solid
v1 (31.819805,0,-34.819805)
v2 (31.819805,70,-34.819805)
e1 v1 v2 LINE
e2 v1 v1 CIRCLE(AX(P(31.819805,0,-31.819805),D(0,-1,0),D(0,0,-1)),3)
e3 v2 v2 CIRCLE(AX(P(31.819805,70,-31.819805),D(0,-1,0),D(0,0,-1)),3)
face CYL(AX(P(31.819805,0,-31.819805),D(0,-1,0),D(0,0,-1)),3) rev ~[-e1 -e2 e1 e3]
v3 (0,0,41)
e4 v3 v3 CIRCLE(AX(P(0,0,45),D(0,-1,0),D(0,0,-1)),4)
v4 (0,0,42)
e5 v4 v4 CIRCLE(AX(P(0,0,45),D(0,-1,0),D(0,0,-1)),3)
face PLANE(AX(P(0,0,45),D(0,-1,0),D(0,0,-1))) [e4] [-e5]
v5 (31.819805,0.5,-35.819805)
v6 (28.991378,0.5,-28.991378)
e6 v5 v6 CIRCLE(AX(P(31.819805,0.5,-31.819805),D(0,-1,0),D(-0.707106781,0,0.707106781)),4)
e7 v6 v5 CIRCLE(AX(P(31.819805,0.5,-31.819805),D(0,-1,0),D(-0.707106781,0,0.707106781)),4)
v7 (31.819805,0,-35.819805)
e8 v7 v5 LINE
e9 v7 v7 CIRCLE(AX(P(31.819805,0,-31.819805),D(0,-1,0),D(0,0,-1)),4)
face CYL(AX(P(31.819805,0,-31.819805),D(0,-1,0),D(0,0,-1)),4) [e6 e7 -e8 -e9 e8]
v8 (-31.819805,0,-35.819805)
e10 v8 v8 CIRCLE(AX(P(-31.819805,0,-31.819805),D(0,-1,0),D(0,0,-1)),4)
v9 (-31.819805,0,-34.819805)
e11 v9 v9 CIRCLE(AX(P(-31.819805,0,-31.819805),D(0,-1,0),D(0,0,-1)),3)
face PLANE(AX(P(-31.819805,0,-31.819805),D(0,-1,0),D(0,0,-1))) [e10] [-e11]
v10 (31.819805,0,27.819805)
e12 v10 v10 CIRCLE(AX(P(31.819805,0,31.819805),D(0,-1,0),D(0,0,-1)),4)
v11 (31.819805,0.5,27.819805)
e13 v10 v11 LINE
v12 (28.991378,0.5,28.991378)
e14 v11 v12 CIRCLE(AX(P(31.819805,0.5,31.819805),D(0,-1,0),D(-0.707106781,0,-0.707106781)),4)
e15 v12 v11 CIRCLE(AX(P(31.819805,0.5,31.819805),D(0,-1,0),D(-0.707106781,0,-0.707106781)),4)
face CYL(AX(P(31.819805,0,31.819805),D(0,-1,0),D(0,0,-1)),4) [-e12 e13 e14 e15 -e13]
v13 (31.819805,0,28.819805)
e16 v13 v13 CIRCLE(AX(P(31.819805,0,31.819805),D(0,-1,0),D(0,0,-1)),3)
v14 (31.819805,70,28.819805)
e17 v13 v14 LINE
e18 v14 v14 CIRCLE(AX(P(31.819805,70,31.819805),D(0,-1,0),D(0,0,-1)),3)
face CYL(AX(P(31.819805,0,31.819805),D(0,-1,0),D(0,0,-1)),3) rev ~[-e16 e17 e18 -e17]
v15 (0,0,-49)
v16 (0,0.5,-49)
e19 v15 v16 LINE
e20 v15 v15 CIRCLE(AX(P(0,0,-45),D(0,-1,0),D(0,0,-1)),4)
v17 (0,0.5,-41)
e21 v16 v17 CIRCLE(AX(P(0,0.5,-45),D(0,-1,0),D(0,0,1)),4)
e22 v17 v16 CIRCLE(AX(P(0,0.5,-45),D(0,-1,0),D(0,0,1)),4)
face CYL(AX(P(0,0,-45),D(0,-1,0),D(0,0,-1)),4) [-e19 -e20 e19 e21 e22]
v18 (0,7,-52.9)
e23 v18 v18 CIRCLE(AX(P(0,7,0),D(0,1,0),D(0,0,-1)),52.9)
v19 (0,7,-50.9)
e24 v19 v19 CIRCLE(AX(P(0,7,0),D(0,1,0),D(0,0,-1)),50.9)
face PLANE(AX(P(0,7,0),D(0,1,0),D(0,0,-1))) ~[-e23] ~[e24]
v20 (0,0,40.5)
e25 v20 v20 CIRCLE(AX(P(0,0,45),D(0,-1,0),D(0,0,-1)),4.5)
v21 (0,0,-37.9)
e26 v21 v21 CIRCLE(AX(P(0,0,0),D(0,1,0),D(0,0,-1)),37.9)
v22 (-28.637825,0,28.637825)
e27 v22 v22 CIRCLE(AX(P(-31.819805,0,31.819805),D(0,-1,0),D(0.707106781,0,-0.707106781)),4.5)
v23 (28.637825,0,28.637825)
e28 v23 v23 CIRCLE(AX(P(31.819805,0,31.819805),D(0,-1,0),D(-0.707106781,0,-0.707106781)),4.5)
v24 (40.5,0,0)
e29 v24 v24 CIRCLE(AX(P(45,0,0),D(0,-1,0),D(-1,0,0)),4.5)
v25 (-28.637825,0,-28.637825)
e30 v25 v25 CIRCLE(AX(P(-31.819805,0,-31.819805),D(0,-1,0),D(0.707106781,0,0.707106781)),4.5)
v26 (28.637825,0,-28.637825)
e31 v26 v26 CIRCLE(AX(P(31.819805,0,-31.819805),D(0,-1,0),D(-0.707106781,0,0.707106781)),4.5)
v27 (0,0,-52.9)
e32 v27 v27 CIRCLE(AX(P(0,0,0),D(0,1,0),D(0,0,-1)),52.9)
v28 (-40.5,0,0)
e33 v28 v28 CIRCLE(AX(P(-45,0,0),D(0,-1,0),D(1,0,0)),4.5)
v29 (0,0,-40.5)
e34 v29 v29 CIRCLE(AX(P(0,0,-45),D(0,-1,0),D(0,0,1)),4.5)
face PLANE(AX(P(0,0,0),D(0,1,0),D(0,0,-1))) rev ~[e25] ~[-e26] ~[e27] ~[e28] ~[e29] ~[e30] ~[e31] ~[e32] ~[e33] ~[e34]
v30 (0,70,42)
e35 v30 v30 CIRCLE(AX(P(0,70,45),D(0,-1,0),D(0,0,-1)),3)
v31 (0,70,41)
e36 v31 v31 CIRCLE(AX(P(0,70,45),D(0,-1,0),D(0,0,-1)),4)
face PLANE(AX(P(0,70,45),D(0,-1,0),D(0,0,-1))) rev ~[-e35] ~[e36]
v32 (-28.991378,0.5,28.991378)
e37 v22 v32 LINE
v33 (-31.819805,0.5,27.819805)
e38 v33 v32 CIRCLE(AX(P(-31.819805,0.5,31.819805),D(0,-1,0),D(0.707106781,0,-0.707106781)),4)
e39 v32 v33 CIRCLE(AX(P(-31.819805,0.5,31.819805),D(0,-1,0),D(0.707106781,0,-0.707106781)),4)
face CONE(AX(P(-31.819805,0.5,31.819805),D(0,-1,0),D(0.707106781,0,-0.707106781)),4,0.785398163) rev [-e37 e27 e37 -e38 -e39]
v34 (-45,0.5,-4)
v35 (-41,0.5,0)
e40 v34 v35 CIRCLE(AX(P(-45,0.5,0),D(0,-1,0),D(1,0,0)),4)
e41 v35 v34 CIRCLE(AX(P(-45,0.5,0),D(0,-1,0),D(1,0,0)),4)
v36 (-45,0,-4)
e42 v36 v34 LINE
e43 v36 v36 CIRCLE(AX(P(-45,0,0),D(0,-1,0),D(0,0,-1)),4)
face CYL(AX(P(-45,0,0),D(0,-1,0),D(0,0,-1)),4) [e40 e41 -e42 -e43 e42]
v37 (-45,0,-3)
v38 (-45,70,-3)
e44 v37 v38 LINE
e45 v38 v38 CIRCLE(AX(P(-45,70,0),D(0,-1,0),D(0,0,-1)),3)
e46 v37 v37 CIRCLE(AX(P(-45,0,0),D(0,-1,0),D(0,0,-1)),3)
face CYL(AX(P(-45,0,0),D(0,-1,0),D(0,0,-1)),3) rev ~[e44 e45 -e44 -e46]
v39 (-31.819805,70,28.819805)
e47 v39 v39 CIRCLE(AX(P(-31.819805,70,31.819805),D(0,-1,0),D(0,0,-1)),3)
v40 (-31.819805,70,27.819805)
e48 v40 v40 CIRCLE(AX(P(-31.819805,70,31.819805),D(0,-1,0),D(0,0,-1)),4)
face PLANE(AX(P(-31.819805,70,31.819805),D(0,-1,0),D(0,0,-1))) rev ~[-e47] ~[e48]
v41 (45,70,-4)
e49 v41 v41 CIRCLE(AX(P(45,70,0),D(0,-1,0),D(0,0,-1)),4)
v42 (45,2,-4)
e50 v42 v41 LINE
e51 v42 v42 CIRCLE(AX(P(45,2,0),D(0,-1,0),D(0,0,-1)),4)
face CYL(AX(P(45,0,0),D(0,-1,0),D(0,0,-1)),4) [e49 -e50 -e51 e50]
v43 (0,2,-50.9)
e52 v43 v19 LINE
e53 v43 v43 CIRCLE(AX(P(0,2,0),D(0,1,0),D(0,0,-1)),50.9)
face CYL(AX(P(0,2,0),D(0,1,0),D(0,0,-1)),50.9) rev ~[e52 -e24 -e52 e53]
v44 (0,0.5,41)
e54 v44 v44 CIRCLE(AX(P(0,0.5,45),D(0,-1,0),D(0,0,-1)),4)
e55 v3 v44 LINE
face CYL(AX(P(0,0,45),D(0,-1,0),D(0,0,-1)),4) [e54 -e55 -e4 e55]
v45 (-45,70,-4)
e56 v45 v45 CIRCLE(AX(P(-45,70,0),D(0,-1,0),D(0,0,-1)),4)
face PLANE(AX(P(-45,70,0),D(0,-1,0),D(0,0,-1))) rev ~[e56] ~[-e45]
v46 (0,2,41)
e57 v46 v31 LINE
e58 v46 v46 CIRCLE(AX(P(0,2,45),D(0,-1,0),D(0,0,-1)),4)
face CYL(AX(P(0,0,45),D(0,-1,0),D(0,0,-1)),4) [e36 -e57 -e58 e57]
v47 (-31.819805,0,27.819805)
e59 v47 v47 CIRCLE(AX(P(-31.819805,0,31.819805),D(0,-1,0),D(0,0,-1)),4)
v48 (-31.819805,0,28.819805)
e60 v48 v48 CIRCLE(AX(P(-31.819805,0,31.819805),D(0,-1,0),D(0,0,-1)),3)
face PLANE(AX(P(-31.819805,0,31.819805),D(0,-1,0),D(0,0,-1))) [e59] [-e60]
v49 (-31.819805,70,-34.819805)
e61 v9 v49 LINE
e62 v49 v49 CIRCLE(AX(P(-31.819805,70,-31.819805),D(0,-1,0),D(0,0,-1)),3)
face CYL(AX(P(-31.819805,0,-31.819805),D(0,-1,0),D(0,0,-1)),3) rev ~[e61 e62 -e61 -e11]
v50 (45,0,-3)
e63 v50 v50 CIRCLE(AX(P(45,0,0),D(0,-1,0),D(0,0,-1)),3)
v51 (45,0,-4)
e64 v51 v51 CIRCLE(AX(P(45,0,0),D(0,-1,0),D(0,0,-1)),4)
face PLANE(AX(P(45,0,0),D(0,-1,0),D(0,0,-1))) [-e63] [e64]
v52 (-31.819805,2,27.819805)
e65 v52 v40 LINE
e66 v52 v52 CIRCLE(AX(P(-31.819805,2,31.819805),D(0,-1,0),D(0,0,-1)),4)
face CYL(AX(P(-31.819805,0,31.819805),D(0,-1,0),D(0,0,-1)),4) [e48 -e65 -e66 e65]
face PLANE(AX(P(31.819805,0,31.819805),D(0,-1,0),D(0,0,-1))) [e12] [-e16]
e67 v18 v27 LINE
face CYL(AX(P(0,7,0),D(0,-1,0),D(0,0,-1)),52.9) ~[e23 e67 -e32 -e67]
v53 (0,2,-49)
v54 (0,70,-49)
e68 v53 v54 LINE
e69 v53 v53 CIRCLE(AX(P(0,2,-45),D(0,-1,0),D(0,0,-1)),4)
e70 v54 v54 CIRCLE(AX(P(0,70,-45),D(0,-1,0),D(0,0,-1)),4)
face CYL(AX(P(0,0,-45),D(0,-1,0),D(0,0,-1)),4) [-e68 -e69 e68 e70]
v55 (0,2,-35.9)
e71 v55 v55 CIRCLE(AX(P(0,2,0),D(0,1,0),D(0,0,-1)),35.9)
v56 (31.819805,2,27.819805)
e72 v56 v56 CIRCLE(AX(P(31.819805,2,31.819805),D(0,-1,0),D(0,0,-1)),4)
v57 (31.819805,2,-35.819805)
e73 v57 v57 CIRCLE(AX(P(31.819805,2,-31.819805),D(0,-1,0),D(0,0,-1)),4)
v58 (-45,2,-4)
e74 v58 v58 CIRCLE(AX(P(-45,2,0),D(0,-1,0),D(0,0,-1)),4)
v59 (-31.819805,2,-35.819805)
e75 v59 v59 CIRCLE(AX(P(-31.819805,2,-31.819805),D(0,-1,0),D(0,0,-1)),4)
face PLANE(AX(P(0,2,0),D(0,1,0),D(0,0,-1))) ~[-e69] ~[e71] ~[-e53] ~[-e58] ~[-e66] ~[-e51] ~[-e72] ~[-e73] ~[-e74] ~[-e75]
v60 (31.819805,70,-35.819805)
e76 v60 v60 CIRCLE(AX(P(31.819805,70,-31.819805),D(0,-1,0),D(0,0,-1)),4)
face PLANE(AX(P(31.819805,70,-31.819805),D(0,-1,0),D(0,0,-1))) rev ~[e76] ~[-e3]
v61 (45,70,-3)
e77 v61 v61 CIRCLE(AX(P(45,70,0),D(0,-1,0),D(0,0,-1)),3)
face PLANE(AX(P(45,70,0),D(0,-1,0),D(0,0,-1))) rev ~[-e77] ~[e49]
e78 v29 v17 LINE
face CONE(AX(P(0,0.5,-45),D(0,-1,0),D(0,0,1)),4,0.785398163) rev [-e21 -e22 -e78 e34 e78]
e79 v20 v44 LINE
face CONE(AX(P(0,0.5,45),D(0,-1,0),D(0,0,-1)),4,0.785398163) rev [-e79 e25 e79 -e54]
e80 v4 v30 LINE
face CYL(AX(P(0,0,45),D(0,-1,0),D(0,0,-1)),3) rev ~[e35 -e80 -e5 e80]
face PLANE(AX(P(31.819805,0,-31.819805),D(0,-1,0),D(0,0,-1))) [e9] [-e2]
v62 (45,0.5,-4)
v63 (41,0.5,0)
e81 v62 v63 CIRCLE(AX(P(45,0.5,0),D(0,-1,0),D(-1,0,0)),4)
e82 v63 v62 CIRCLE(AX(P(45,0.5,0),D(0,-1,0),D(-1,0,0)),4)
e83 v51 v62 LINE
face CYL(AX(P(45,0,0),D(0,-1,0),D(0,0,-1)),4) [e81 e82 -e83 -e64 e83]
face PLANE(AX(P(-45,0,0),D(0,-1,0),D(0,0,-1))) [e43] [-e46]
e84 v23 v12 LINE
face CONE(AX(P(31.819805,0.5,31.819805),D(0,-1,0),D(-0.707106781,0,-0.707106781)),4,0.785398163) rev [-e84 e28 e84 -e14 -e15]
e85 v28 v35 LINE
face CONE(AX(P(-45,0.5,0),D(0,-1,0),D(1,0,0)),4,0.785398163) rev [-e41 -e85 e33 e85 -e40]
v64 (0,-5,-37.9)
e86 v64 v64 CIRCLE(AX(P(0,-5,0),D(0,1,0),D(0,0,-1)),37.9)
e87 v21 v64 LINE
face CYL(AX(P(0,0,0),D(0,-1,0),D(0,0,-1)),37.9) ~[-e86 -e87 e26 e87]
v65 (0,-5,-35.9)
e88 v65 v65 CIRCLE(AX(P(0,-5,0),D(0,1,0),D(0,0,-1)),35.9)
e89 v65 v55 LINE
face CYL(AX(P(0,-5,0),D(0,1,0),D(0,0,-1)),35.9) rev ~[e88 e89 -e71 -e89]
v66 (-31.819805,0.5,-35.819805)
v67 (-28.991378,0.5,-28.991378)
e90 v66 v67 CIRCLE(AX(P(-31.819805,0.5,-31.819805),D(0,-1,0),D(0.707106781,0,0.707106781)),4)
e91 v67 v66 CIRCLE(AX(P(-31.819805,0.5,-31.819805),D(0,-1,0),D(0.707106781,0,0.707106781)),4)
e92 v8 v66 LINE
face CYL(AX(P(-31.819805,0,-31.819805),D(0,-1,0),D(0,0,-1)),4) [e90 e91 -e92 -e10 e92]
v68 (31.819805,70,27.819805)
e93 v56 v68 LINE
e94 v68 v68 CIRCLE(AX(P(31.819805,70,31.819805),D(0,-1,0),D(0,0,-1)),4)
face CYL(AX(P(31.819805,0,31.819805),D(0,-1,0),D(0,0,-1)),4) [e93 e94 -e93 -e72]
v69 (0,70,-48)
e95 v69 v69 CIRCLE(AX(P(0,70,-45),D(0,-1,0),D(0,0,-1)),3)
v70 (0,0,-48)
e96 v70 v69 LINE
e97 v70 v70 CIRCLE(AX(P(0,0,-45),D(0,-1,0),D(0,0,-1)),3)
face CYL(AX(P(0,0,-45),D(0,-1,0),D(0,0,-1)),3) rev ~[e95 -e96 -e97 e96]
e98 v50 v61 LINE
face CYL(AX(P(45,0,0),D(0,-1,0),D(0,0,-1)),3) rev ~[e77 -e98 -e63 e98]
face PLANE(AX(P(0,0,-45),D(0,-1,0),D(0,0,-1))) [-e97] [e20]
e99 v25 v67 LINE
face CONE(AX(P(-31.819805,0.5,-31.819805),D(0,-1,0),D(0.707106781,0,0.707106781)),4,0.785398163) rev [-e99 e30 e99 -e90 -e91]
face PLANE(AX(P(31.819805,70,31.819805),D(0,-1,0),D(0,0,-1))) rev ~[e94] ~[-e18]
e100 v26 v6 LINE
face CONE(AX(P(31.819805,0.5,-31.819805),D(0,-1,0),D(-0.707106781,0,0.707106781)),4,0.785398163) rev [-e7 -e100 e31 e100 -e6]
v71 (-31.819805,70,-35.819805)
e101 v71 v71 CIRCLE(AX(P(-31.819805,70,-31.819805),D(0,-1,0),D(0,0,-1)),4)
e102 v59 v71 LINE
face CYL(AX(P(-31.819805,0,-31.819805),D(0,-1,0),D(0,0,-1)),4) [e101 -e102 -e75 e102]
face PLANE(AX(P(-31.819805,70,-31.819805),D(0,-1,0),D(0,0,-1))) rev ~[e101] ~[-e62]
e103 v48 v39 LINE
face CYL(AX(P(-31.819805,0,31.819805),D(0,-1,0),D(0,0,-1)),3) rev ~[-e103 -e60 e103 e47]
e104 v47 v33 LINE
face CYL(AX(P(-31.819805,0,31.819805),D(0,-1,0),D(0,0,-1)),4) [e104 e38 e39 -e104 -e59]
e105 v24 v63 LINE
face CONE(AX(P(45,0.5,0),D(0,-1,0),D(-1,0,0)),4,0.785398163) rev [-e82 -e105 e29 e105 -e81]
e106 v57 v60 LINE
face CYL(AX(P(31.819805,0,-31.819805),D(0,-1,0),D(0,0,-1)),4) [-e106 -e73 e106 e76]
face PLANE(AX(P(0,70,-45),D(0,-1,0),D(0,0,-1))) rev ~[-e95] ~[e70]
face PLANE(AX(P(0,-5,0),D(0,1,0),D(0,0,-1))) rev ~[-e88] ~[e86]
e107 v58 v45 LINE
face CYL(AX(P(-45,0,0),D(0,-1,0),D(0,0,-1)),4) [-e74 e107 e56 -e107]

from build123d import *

# Parameters (mm, degrees)
IZIM2_R                        = 4
KES_EKSTR_ZYON1_DEPTH          = 10
PAH1_SIZE                      = 0.5
DAIRESEL_KAPLAMA8_COUNT        = 8
PAH1_OF_DAIRESEL_KAPLAMA8_SIZE = 0.5
IZIM4_R                        = 4
IZIM4_R_2                      = 3
Y_KSEKLIK_EKSTR_ZYON2_DEPTH    = 70


with BuildPart() as part:
    # Çizim1 → Döndür1 (revolve)
    with BuildSketch(Plane.XY, mode=Mode.PRIVATE) as d_nd_r1_sk:
        Polygon((-52.9, 7), (-52.9, 0), (-37.9, 0), (-37.9, -5), (-35.9, -5), (-35.9, 2), (-50.9, 2), (-50.9, 7), align=None)
    revolve(d_nd_r1_sk.sketch.rotate(Axis((0, 0, 0), (0, 1, 0)), 270), axis=Axis((0, 0, 0), (0, 1, 0)))

    # Çizim2 → Kes-Ekstrüzyon1 (cut)
    with BuildSketch(Plane.XZ):
        with Locations(Location((0, 45, 0), (0, 0, 270))):
            Circle(IZIM2_R)
    kes_ekstr_zyon1 = extrude(amount=-KES_EKSTR_ZYON1_DEPTH, mode=Mode.SUBTRACT)

    # Pah1
    pah1_edges = [part.edges().sort_by_distance(p)[0] for p in [
        (0, 0, 49),
    ]]
    chamfer(pah1_edges, length=PAH1_SIZE)

    # Dairesel Kaplama8: Kes-Ekstrüzyon1 ×8 about axis
    dairesel_kaplama8_axis = Axis((0, 0, 0), (0, 1, 0))
    for i in range(1, DAIRESEL_KAPLAMA8_COUNT):
        add(kes_ekstr_zyon1.rotate(dairesel_kaplama8_axis, i * 360 / DAIRESEL_KAPLAMA8_COUNT), mode=Mode.SUBTRACT)

    # Pah1 of Dairesel Kaplama8
    pah1_of_dairesel_kaplama8_edges = [part.edges().sort_by_distance(p)[0] for p in [
        (34.648232278, 0, 34.648232278),
        (49, 0, 0),
        (34.648232278, 0, -34.648232278),
        (0, 0, -49),
        (-34.648232278, 0, -34.648232278),
        (-49, 0, 0),
        (-34.648232278, 0, 34.648232278),
    ]]
    chamfer(pah1_of_dairesel_kaplama8_edges, length=PAH1_OF_DAIRESEL_KAPLAMA8_SIZE)

    # Çizim4 → Yükseklik-Ekstrüzyon2 (add)
    # profile 1 of 8: a face of its own
    with BuildSketch(Plane.XZ):
        with Locations(Location((0, 45, 0), (0, 0, 270))):
            Circle(IZIM4_R)
        with Locations(Location((0, 45, 0), (0, 0, 270))):
            Circle(IZIM4_R_2, mode=Mode.SUBTRACT)
    # profile 2 of 8: a face of its own
    with BuildSketch(Plane.XZ):
        with Locations(Location((31.819805153, 31.819805153, 0), (0, 0, 270))):
            Circle(IZIM4_R)
        with Locations(Location((31.819805153, 31.819805153, 0), (0, 0, 270))):
            Circle(IZIM4_R_2, mode=Mode.SUBTRACT)
    # profile 3 of 8: a face of its own
    with BuildSketch(Plane.XZ):
        with Locations(Location((45, 0, 0), (0, 0, 270))):
            Circle(IZIM4_R)
        with Locations(Location((45, 0, 0), (0, 0, 270))):
            Circle(IZIM4_R_2, mode=Mode.SUBTRACT)
    # profile 4 of 8: a face of its own
    with BuildSketch(Plane.XZ):
        with Locations(Location((31.819805153, -31.819805153, 0), (0, 0, 270))):
            Circle(IZIM4_R)
        with Locations(Location((31.819805153, -31.819805153, 0), (0, 0, 270))):
            Circle(IZIM4_R_2, mode=Mode.SUBTRACT)
    # profile 5 of 8: a face of its own
    with BuildSketch(Plane.XZ):
        with Locations(Location((0, -45, 0), (0, 0, 270))):
            Circle(IZIM4_R)
        with Locations(Location((0, -45, 0), (0, 0, 270))):
            Circle(IZIM4_R_2, mode=Mode.SUBTRACT)
    # profile 6 of 8: a face of its own
    with BuildSketch(Plane.XZ):
        with Locations(Location((-31.819805153, -31.819805153, 0), (0, 0, 270))):
            Circle(IZIM4_R)
        with Locations(Location((-31.819805153, -31.819805153, 0), (0, 0, 270))):
            Circle(IZIM4_R_2, mode=Mode.SUBTRACT)
    # profile 7 of 8: a face of its own
    with BuildSketch(Plane.XZ):
        with Locations(Location((-45, 0, 0), (0, 0, 270))):
            Circle(IZIM4_R)
        with Locations(Location((-45, 0, 0), (0, 0, 270))):
            Circle(IZIM4_R_2, mode=Mode.SUBTRACT)
    # profile 8 of 8: a face of its own
    with BuildSketch(Plane.XZ):
        with Locations(Location((-31.819805153, 31.819805153, 0), (0, 0, 270))):
            Circle(IZIM4_R)
        with Locations(Location((-31.819805153, 31.819805153, 0), (0, 0, 270))):
            Circle(IZIM4_R_2, mode=Mode.SUBTRACT)
    extrude(amount=-Y_KSEKLIK_EKSTR_ZYON2_DEPTH)


solid = part.part
